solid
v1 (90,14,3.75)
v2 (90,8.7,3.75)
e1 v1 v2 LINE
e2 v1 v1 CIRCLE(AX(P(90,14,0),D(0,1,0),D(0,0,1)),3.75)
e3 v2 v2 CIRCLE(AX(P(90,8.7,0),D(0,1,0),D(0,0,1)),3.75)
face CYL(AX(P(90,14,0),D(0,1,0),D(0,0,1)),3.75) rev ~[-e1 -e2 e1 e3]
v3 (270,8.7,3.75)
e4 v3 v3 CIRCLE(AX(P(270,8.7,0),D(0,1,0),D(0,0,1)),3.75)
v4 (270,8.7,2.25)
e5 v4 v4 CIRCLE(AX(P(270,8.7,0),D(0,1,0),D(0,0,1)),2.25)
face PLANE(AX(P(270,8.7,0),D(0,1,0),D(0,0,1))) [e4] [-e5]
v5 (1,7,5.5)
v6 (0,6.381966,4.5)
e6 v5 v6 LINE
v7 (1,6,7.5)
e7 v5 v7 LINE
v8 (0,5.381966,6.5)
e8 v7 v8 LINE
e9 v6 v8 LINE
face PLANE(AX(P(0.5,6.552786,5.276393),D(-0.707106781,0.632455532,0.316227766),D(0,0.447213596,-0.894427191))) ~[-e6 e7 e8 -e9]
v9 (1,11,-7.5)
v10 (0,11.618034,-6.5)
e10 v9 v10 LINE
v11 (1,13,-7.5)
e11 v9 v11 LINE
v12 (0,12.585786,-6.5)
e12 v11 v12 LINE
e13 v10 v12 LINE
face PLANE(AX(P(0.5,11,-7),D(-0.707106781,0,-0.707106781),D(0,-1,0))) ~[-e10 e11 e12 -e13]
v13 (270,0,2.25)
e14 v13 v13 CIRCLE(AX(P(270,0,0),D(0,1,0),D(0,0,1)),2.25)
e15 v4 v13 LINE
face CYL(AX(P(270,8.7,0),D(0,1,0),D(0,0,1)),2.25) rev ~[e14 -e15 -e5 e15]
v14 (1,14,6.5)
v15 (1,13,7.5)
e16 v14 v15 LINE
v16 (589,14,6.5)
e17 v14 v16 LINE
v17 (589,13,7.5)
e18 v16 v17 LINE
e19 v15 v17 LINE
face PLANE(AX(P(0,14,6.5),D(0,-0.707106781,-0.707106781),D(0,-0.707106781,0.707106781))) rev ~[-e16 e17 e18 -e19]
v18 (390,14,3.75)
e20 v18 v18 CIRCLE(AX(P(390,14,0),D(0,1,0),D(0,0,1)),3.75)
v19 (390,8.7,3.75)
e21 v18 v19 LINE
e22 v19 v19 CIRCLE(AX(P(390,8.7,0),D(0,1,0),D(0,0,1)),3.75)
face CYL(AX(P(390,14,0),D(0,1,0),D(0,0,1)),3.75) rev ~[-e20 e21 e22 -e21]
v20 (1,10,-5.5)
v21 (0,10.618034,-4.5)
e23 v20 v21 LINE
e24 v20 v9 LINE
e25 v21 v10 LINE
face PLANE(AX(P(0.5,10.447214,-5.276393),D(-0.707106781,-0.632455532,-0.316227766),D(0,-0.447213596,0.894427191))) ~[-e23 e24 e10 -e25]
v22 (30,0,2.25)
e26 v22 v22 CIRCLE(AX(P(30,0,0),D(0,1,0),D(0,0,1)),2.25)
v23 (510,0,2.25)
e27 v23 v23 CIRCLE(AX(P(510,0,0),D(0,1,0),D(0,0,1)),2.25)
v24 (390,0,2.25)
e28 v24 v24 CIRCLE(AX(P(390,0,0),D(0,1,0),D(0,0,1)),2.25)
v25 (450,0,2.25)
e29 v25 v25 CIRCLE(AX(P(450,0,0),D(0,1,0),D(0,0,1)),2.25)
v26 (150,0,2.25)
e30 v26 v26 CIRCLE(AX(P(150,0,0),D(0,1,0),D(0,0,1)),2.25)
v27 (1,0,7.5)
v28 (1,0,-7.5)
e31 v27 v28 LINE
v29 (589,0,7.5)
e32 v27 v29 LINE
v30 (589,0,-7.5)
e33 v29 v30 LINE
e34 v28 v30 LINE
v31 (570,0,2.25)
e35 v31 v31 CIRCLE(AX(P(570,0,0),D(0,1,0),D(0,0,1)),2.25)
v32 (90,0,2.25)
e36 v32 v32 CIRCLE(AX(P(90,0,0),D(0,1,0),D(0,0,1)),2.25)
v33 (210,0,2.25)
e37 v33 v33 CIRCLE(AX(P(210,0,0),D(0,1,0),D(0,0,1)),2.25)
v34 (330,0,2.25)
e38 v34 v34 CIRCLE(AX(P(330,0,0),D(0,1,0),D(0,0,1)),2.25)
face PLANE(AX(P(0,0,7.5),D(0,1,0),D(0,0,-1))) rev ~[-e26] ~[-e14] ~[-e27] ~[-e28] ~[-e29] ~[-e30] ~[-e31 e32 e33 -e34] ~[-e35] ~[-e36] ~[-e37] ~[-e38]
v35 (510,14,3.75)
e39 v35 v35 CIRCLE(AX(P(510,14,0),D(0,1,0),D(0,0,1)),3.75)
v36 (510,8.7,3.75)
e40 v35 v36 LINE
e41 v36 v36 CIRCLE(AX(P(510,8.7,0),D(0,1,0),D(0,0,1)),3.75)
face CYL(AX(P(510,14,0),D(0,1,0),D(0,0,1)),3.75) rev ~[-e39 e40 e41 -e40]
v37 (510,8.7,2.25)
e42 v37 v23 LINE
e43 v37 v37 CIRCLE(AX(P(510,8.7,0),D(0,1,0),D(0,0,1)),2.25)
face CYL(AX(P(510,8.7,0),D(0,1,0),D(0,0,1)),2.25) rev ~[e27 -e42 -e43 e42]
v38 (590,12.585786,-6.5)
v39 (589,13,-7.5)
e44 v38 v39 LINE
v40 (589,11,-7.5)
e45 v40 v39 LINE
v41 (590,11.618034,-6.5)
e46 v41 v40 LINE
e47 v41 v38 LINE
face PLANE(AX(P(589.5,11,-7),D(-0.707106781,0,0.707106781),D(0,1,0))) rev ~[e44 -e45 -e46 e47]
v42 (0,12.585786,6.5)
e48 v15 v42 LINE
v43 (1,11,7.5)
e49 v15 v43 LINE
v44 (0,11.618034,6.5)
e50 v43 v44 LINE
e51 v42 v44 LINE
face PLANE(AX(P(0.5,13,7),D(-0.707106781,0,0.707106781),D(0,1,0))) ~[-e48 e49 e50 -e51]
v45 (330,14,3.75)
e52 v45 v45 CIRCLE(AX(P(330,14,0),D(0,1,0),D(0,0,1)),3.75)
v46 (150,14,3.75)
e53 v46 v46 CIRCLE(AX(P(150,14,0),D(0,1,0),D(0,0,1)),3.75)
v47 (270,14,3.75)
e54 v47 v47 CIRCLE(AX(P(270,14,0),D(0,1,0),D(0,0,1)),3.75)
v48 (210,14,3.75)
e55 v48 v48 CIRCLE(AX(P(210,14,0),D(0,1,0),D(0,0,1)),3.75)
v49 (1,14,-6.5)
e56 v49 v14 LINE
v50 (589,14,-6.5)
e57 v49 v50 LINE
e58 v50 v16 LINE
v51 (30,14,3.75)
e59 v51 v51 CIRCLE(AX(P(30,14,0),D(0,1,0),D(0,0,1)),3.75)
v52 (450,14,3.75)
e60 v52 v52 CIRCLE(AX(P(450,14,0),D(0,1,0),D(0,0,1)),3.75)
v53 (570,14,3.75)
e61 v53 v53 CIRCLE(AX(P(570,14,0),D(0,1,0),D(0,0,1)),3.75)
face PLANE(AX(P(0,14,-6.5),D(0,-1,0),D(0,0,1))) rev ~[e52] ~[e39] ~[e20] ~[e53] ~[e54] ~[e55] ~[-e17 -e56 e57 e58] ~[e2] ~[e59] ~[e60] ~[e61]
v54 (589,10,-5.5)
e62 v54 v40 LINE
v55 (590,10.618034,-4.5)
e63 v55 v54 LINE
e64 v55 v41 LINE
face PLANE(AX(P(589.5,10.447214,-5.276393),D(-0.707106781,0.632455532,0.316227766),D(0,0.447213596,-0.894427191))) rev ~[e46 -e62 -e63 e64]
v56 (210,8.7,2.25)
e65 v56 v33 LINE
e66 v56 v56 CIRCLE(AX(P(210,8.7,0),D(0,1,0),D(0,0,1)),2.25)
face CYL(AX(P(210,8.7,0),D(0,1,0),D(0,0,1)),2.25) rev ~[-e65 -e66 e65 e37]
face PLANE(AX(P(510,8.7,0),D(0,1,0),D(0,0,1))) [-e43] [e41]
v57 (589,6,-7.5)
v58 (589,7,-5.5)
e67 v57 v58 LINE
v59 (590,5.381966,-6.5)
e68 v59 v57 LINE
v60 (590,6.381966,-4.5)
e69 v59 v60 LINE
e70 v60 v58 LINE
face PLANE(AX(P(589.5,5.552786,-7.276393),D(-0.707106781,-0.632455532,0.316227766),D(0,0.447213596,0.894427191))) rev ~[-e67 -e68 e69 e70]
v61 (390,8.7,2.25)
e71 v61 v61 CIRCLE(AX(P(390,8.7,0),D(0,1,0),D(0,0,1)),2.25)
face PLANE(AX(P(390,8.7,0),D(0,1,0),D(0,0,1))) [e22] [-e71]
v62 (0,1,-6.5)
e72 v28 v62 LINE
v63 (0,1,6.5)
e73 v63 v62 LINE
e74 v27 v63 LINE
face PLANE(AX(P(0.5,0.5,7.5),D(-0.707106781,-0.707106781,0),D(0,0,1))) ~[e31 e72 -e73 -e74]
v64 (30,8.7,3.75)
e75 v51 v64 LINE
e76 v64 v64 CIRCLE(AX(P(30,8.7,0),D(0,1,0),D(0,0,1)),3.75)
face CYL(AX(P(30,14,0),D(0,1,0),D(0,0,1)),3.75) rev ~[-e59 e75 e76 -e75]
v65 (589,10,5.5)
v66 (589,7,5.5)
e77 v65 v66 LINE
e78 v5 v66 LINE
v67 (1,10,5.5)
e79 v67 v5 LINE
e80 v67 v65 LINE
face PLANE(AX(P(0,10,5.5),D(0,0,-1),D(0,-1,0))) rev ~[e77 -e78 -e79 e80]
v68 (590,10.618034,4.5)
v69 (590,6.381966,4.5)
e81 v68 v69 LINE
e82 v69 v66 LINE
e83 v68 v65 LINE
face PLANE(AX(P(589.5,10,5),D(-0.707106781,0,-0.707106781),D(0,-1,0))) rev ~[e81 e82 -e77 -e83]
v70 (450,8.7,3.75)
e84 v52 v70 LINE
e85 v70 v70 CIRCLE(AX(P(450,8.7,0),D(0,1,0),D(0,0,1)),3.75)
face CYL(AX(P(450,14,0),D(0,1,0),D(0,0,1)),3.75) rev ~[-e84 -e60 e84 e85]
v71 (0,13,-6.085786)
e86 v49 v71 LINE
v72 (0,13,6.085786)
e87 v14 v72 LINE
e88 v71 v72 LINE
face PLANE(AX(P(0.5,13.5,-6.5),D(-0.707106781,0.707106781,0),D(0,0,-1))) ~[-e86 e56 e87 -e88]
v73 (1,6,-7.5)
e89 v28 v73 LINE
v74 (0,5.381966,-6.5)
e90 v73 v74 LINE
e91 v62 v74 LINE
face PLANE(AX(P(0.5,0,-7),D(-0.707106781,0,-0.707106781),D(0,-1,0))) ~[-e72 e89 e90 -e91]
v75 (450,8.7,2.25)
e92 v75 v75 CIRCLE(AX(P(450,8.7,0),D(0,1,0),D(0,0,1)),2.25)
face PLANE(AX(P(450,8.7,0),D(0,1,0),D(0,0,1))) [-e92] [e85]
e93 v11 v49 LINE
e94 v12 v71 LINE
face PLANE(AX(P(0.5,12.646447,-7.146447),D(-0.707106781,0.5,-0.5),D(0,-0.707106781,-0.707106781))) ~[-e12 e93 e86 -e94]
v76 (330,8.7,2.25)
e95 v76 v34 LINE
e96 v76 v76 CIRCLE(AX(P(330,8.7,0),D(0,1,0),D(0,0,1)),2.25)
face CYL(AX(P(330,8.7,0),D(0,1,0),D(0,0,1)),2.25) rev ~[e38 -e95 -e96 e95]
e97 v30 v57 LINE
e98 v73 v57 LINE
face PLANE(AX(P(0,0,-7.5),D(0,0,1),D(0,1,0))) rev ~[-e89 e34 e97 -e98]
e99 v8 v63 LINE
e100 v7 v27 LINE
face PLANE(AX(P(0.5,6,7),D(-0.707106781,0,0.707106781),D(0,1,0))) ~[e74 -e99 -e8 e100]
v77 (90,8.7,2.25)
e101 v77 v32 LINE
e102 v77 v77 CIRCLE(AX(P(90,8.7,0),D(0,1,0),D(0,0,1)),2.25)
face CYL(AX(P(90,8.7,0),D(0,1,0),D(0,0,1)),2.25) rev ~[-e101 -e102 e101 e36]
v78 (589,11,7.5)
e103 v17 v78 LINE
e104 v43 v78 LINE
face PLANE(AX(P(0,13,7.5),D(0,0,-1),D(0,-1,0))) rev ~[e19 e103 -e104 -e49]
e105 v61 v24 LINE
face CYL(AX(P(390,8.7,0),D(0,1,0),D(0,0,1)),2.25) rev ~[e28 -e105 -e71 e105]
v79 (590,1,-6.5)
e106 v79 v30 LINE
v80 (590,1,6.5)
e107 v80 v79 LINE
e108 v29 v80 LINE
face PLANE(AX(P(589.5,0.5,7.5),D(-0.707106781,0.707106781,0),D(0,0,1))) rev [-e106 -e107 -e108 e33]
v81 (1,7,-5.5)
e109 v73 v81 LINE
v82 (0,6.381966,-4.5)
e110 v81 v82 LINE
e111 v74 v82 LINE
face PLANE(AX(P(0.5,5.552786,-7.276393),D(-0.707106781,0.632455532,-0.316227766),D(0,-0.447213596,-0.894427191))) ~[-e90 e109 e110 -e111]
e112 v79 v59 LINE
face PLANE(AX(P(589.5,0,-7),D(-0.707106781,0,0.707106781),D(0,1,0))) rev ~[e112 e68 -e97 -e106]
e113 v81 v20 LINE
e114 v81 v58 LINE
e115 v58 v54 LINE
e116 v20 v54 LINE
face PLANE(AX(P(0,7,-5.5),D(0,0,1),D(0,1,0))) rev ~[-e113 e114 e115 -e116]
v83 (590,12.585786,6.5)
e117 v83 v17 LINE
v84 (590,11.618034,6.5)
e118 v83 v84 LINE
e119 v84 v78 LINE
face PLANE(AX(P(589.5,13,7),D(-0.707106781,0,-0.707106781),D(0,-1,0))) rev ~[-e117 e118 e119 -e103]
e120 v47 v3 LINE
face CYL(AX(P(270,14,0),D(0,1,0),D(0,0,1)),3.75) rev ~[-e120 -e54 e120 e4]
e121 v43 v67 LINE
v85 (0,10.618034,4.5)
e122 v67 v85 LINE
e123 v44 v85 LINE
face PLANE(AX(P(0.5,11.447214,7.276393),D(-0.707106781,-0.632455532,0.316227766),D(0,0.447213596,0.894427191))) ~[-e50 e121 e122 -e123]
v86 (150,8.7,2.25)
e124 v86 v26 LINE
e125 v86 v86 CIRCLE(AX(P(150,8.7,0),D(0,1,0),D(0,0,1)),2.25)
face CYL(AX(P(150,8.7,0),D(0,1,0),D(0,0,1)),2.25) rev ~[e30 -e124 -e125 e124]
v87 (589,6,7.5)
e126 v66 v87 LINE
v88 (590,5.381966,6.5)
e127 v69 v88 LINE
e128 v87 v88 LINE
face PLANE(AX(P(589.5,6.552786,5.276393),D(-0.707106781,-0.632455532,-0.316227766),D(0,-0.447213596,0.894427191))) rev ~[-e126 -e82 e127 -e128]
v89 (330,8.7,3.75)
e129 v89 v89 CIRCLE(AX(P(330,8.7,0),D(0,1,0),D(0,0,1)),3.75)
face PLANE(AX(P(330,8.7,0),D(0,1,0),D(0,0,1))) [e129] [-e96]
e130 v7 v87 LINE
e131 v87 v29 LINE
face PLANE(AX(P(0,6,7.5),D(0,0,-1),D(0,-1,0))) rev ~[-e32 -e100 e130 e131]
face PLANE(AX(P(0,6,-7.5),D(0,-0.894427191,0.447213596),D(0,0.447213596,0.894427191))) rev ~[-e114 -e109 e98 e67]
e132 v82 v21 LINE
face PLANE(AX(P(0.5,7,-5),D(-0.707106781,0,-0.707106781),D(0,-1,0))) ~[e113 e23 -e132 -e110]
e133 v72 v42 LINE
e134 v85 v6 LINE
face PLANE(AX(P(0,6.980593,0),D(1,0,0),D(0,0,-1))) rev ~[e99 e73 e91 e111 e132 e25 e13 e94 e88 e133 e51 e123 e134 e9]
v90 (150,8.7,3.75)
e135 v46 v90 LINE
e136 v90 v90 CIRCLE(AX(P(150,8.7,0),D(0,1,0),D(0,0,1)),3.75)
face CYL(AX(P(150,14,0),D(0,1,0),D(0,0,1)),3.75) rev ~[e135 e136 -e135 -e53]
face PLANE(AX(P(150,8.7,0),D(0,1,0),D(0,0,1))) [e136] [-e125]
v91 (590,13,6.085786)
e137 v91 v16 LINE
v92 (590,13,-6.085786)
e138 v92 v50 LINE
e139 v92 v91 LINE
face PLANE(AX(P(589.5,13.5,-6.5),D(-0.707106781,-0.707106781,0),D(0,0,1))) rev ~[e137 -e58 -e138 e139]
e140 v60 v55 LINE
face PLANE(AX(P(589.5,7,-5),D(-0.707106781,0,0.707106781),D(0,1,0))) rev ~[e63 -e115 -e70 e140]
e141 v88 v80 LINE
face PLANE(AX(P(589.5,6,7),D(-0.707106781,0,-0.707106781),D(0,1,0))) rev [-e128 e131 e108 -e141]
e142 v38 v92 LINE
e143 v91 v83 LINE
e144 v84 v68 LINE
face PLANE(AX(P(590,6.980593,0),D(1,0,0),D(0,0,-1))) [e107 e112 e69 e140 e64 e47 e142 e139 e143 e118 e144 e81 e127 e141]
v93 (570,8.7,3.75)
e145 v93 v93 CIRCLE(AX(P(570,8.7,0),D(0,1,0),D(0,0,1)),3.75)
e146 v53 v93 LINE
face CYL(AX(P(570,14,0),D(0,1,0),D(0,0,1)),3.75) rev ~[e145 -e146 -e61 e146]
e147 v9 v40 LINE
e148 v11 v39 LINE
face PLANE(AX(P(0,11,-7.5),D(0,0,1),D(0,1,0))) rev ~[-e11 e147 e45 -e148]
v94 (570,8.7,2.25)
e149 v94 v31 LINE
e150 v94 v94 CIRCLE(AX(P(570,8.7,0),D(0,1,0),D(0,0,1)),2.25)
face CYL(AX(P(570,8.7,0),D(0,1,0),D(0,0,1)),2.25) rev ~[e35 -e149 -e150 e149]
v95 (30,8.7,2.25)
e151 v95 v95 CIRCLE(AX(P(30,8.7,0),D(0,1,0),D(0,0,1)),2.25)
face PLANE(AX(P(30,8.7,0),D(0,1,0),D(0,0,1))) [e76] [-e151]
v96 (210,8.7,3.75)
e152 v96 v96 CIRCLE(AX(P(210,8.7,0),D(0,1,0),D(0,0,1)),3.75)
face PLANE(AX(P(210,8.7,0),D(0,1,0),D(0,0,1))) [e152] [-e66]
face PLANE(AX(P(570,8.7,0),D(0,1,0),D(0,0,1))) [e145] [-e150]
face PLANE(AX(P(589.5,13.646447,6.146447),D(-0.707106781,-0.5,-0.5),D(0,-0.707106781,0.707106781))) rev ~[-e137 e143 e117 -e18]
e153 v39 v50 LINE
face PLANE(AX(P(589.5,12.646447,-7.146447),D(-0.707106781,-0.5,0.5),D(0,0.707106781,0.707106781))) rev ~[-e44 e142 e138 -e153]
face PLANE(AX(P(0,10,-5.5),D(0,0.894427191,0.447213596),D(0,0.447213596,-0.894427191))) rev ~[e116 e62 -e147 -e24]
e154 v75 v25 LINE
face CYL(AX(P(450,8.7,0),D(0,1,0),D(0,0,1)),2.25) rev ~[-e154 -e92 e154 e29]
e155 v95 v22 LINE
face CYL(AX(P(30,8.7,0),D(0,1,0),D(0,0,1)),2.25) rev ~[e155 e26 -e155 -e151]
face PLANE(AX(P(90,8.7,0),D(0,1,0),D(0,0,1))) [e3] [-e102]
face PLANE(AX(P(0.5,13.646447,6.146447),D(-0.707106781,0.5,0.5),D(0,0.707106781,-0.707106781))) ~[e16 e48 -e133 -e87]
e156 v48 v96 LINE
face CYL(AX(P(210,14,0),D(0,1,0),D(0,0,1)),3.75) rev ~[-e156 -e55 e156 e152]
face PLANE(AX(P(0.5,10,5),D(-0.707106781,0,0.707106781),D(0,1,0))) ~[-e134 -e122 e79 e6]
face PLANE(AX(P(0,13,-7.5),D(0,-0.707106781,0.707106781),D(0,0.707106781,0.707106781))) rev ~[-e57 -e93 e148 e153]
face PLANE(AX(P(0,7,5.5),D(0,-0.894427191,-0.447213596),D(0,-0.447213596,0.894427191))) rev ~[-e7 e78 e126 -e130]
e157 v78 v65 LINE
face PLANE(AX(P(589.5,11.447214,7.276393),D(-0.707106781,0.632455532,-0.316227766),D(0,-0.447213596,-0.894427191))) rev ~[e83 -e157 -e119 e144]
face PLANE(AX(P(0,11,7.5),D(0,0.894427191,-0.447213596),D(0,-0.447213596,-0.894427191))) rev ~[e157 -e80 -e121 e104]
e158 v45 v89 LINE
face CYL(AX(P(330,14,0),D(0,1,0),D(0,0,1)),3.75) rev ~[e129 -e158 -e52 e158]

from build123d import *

# Parameters (mm, degrees)
BOSS_EXTRUDE1_DEPTH = 590
CHAMFER1_SIZE       = 1
CHAMFER2_SIZE       = 1
SKETCH2_R           = 3.75
CUT_EXTRUDE1_DEPTH  = 5.3
SKETCH3_R           = 2.25
CUT_EXTRUDE2_DEPTH  = 591.111802966
LPATTERN1_COUNT     = 67
LPATTERN1_PITCH     = 60


with BuildPart() as part:
    # Sketch1 → Boss-Extrude1 (new body)
    with BuildSketch(Plane(origin=(0, 0, 0), x_dir=(0, 0, -1), z_dir=(1, 0, 0))):
        Polygon((-7.5, 0), (7.5, 0), (7.5, 6), (5.5, 7), (5.5, 10), (7.5, 11), (7.5, 13), (6.5, 14), (-6.5, 14), (-7.5, 13), (-7.5, 11), (-5.5, 10), (-5.5, 7), (-7.5, 6), align=None)
    extrude(amount=BOSS_EXTRUDE1_DEPTH)

    # Chamfer1
    chamfer1_edges = [part.edges().sort_by_distance(p)[0] for p in [
        (0, 6.5, 6.5),
        (0, 8.5, 5.5),
        (0, 10.5, 6.5),
        (0, 12, 7.5),
        (0, 13.5, 7),
        (0, 14, 0),
        (0, 13.5, -7),
        (0, 12, -7.5),
        (0, 10.5, -6.5),
        (0, 8.5, -5.5),
        (0, 6.5, -6.5),
        (0, 3, -7.5),
        (0, 0, 0),
        (0, 3, 7.5),
    ]]
    chamfer(chamfer1_edges, length=CHAMFER1_SIZE)

    # Chamfer2
    chamfer2_edges = [part.edges().sort_by_distance(p)[0] for p in [
        (590, 3, -7.5),
        (590, 6.5, -6.5),
        (590, 8.5, -5.5),
        (590, 10.5, -6.5),
        (590, 12, -7.5),
        (590, 13.5, -7),
        (590, 14, 0),
        (590, 13.5, 7),
        (590, 12, 7.5),
        (590, 10.5, 6.5),
        (590, 3, 7.5),
        (590, 8.5, 5.5),
        (590, 6.5, 6.5),
        (590, 0, 0),
    ]]
    chamfer(chamfer2_edges, length=CHAMFER2_SIZE)

    # Sketch2 → Cut-Extrude1 (cut)
    with BuildSketch(Plane(origin=(0, 14, 0), x_dir=(1, 0, 0), z_dir=(0, 1, 0))):
        with Locations(Location((570, 0, 0), (0, 0, 270))):
            Circle(SKETCH2_R)
    cut_extrude1 = extrude(amount=-CUT_EXTRUDE1_DEPTH, mode=Mode.SUBTRACT)

    # Sketch3 → Cut-Extrude2 (cut, through all)
    with BuildSketch(Plane(origin=(0, 8.7, 0), x_dir=(1, 0, 0), z_dir=(0, 1, 0))):
        with Locations(Location((570, 0, 0), (0, 0, 270))):
            Circle(SKETCH3_R)
    cut_extrude2 = extrude(amount=-CUT_EXTRUDE2_DEPTH, mode=Mode.SUBTRACT)

    # LPattern1: Cut-Extrude1, Cut-Extrude2 ×67
    with Locations(*[(-i * LPATTERN1_PITCH, 0, 0) for i in range(1, LPATTERN1_COUNT)]):
        add(cut_extrude1, mode=Mode.SUBTRACT)
        add(cut_extrude2, mode=Mode.SUBTRACT)


solid = part.part
